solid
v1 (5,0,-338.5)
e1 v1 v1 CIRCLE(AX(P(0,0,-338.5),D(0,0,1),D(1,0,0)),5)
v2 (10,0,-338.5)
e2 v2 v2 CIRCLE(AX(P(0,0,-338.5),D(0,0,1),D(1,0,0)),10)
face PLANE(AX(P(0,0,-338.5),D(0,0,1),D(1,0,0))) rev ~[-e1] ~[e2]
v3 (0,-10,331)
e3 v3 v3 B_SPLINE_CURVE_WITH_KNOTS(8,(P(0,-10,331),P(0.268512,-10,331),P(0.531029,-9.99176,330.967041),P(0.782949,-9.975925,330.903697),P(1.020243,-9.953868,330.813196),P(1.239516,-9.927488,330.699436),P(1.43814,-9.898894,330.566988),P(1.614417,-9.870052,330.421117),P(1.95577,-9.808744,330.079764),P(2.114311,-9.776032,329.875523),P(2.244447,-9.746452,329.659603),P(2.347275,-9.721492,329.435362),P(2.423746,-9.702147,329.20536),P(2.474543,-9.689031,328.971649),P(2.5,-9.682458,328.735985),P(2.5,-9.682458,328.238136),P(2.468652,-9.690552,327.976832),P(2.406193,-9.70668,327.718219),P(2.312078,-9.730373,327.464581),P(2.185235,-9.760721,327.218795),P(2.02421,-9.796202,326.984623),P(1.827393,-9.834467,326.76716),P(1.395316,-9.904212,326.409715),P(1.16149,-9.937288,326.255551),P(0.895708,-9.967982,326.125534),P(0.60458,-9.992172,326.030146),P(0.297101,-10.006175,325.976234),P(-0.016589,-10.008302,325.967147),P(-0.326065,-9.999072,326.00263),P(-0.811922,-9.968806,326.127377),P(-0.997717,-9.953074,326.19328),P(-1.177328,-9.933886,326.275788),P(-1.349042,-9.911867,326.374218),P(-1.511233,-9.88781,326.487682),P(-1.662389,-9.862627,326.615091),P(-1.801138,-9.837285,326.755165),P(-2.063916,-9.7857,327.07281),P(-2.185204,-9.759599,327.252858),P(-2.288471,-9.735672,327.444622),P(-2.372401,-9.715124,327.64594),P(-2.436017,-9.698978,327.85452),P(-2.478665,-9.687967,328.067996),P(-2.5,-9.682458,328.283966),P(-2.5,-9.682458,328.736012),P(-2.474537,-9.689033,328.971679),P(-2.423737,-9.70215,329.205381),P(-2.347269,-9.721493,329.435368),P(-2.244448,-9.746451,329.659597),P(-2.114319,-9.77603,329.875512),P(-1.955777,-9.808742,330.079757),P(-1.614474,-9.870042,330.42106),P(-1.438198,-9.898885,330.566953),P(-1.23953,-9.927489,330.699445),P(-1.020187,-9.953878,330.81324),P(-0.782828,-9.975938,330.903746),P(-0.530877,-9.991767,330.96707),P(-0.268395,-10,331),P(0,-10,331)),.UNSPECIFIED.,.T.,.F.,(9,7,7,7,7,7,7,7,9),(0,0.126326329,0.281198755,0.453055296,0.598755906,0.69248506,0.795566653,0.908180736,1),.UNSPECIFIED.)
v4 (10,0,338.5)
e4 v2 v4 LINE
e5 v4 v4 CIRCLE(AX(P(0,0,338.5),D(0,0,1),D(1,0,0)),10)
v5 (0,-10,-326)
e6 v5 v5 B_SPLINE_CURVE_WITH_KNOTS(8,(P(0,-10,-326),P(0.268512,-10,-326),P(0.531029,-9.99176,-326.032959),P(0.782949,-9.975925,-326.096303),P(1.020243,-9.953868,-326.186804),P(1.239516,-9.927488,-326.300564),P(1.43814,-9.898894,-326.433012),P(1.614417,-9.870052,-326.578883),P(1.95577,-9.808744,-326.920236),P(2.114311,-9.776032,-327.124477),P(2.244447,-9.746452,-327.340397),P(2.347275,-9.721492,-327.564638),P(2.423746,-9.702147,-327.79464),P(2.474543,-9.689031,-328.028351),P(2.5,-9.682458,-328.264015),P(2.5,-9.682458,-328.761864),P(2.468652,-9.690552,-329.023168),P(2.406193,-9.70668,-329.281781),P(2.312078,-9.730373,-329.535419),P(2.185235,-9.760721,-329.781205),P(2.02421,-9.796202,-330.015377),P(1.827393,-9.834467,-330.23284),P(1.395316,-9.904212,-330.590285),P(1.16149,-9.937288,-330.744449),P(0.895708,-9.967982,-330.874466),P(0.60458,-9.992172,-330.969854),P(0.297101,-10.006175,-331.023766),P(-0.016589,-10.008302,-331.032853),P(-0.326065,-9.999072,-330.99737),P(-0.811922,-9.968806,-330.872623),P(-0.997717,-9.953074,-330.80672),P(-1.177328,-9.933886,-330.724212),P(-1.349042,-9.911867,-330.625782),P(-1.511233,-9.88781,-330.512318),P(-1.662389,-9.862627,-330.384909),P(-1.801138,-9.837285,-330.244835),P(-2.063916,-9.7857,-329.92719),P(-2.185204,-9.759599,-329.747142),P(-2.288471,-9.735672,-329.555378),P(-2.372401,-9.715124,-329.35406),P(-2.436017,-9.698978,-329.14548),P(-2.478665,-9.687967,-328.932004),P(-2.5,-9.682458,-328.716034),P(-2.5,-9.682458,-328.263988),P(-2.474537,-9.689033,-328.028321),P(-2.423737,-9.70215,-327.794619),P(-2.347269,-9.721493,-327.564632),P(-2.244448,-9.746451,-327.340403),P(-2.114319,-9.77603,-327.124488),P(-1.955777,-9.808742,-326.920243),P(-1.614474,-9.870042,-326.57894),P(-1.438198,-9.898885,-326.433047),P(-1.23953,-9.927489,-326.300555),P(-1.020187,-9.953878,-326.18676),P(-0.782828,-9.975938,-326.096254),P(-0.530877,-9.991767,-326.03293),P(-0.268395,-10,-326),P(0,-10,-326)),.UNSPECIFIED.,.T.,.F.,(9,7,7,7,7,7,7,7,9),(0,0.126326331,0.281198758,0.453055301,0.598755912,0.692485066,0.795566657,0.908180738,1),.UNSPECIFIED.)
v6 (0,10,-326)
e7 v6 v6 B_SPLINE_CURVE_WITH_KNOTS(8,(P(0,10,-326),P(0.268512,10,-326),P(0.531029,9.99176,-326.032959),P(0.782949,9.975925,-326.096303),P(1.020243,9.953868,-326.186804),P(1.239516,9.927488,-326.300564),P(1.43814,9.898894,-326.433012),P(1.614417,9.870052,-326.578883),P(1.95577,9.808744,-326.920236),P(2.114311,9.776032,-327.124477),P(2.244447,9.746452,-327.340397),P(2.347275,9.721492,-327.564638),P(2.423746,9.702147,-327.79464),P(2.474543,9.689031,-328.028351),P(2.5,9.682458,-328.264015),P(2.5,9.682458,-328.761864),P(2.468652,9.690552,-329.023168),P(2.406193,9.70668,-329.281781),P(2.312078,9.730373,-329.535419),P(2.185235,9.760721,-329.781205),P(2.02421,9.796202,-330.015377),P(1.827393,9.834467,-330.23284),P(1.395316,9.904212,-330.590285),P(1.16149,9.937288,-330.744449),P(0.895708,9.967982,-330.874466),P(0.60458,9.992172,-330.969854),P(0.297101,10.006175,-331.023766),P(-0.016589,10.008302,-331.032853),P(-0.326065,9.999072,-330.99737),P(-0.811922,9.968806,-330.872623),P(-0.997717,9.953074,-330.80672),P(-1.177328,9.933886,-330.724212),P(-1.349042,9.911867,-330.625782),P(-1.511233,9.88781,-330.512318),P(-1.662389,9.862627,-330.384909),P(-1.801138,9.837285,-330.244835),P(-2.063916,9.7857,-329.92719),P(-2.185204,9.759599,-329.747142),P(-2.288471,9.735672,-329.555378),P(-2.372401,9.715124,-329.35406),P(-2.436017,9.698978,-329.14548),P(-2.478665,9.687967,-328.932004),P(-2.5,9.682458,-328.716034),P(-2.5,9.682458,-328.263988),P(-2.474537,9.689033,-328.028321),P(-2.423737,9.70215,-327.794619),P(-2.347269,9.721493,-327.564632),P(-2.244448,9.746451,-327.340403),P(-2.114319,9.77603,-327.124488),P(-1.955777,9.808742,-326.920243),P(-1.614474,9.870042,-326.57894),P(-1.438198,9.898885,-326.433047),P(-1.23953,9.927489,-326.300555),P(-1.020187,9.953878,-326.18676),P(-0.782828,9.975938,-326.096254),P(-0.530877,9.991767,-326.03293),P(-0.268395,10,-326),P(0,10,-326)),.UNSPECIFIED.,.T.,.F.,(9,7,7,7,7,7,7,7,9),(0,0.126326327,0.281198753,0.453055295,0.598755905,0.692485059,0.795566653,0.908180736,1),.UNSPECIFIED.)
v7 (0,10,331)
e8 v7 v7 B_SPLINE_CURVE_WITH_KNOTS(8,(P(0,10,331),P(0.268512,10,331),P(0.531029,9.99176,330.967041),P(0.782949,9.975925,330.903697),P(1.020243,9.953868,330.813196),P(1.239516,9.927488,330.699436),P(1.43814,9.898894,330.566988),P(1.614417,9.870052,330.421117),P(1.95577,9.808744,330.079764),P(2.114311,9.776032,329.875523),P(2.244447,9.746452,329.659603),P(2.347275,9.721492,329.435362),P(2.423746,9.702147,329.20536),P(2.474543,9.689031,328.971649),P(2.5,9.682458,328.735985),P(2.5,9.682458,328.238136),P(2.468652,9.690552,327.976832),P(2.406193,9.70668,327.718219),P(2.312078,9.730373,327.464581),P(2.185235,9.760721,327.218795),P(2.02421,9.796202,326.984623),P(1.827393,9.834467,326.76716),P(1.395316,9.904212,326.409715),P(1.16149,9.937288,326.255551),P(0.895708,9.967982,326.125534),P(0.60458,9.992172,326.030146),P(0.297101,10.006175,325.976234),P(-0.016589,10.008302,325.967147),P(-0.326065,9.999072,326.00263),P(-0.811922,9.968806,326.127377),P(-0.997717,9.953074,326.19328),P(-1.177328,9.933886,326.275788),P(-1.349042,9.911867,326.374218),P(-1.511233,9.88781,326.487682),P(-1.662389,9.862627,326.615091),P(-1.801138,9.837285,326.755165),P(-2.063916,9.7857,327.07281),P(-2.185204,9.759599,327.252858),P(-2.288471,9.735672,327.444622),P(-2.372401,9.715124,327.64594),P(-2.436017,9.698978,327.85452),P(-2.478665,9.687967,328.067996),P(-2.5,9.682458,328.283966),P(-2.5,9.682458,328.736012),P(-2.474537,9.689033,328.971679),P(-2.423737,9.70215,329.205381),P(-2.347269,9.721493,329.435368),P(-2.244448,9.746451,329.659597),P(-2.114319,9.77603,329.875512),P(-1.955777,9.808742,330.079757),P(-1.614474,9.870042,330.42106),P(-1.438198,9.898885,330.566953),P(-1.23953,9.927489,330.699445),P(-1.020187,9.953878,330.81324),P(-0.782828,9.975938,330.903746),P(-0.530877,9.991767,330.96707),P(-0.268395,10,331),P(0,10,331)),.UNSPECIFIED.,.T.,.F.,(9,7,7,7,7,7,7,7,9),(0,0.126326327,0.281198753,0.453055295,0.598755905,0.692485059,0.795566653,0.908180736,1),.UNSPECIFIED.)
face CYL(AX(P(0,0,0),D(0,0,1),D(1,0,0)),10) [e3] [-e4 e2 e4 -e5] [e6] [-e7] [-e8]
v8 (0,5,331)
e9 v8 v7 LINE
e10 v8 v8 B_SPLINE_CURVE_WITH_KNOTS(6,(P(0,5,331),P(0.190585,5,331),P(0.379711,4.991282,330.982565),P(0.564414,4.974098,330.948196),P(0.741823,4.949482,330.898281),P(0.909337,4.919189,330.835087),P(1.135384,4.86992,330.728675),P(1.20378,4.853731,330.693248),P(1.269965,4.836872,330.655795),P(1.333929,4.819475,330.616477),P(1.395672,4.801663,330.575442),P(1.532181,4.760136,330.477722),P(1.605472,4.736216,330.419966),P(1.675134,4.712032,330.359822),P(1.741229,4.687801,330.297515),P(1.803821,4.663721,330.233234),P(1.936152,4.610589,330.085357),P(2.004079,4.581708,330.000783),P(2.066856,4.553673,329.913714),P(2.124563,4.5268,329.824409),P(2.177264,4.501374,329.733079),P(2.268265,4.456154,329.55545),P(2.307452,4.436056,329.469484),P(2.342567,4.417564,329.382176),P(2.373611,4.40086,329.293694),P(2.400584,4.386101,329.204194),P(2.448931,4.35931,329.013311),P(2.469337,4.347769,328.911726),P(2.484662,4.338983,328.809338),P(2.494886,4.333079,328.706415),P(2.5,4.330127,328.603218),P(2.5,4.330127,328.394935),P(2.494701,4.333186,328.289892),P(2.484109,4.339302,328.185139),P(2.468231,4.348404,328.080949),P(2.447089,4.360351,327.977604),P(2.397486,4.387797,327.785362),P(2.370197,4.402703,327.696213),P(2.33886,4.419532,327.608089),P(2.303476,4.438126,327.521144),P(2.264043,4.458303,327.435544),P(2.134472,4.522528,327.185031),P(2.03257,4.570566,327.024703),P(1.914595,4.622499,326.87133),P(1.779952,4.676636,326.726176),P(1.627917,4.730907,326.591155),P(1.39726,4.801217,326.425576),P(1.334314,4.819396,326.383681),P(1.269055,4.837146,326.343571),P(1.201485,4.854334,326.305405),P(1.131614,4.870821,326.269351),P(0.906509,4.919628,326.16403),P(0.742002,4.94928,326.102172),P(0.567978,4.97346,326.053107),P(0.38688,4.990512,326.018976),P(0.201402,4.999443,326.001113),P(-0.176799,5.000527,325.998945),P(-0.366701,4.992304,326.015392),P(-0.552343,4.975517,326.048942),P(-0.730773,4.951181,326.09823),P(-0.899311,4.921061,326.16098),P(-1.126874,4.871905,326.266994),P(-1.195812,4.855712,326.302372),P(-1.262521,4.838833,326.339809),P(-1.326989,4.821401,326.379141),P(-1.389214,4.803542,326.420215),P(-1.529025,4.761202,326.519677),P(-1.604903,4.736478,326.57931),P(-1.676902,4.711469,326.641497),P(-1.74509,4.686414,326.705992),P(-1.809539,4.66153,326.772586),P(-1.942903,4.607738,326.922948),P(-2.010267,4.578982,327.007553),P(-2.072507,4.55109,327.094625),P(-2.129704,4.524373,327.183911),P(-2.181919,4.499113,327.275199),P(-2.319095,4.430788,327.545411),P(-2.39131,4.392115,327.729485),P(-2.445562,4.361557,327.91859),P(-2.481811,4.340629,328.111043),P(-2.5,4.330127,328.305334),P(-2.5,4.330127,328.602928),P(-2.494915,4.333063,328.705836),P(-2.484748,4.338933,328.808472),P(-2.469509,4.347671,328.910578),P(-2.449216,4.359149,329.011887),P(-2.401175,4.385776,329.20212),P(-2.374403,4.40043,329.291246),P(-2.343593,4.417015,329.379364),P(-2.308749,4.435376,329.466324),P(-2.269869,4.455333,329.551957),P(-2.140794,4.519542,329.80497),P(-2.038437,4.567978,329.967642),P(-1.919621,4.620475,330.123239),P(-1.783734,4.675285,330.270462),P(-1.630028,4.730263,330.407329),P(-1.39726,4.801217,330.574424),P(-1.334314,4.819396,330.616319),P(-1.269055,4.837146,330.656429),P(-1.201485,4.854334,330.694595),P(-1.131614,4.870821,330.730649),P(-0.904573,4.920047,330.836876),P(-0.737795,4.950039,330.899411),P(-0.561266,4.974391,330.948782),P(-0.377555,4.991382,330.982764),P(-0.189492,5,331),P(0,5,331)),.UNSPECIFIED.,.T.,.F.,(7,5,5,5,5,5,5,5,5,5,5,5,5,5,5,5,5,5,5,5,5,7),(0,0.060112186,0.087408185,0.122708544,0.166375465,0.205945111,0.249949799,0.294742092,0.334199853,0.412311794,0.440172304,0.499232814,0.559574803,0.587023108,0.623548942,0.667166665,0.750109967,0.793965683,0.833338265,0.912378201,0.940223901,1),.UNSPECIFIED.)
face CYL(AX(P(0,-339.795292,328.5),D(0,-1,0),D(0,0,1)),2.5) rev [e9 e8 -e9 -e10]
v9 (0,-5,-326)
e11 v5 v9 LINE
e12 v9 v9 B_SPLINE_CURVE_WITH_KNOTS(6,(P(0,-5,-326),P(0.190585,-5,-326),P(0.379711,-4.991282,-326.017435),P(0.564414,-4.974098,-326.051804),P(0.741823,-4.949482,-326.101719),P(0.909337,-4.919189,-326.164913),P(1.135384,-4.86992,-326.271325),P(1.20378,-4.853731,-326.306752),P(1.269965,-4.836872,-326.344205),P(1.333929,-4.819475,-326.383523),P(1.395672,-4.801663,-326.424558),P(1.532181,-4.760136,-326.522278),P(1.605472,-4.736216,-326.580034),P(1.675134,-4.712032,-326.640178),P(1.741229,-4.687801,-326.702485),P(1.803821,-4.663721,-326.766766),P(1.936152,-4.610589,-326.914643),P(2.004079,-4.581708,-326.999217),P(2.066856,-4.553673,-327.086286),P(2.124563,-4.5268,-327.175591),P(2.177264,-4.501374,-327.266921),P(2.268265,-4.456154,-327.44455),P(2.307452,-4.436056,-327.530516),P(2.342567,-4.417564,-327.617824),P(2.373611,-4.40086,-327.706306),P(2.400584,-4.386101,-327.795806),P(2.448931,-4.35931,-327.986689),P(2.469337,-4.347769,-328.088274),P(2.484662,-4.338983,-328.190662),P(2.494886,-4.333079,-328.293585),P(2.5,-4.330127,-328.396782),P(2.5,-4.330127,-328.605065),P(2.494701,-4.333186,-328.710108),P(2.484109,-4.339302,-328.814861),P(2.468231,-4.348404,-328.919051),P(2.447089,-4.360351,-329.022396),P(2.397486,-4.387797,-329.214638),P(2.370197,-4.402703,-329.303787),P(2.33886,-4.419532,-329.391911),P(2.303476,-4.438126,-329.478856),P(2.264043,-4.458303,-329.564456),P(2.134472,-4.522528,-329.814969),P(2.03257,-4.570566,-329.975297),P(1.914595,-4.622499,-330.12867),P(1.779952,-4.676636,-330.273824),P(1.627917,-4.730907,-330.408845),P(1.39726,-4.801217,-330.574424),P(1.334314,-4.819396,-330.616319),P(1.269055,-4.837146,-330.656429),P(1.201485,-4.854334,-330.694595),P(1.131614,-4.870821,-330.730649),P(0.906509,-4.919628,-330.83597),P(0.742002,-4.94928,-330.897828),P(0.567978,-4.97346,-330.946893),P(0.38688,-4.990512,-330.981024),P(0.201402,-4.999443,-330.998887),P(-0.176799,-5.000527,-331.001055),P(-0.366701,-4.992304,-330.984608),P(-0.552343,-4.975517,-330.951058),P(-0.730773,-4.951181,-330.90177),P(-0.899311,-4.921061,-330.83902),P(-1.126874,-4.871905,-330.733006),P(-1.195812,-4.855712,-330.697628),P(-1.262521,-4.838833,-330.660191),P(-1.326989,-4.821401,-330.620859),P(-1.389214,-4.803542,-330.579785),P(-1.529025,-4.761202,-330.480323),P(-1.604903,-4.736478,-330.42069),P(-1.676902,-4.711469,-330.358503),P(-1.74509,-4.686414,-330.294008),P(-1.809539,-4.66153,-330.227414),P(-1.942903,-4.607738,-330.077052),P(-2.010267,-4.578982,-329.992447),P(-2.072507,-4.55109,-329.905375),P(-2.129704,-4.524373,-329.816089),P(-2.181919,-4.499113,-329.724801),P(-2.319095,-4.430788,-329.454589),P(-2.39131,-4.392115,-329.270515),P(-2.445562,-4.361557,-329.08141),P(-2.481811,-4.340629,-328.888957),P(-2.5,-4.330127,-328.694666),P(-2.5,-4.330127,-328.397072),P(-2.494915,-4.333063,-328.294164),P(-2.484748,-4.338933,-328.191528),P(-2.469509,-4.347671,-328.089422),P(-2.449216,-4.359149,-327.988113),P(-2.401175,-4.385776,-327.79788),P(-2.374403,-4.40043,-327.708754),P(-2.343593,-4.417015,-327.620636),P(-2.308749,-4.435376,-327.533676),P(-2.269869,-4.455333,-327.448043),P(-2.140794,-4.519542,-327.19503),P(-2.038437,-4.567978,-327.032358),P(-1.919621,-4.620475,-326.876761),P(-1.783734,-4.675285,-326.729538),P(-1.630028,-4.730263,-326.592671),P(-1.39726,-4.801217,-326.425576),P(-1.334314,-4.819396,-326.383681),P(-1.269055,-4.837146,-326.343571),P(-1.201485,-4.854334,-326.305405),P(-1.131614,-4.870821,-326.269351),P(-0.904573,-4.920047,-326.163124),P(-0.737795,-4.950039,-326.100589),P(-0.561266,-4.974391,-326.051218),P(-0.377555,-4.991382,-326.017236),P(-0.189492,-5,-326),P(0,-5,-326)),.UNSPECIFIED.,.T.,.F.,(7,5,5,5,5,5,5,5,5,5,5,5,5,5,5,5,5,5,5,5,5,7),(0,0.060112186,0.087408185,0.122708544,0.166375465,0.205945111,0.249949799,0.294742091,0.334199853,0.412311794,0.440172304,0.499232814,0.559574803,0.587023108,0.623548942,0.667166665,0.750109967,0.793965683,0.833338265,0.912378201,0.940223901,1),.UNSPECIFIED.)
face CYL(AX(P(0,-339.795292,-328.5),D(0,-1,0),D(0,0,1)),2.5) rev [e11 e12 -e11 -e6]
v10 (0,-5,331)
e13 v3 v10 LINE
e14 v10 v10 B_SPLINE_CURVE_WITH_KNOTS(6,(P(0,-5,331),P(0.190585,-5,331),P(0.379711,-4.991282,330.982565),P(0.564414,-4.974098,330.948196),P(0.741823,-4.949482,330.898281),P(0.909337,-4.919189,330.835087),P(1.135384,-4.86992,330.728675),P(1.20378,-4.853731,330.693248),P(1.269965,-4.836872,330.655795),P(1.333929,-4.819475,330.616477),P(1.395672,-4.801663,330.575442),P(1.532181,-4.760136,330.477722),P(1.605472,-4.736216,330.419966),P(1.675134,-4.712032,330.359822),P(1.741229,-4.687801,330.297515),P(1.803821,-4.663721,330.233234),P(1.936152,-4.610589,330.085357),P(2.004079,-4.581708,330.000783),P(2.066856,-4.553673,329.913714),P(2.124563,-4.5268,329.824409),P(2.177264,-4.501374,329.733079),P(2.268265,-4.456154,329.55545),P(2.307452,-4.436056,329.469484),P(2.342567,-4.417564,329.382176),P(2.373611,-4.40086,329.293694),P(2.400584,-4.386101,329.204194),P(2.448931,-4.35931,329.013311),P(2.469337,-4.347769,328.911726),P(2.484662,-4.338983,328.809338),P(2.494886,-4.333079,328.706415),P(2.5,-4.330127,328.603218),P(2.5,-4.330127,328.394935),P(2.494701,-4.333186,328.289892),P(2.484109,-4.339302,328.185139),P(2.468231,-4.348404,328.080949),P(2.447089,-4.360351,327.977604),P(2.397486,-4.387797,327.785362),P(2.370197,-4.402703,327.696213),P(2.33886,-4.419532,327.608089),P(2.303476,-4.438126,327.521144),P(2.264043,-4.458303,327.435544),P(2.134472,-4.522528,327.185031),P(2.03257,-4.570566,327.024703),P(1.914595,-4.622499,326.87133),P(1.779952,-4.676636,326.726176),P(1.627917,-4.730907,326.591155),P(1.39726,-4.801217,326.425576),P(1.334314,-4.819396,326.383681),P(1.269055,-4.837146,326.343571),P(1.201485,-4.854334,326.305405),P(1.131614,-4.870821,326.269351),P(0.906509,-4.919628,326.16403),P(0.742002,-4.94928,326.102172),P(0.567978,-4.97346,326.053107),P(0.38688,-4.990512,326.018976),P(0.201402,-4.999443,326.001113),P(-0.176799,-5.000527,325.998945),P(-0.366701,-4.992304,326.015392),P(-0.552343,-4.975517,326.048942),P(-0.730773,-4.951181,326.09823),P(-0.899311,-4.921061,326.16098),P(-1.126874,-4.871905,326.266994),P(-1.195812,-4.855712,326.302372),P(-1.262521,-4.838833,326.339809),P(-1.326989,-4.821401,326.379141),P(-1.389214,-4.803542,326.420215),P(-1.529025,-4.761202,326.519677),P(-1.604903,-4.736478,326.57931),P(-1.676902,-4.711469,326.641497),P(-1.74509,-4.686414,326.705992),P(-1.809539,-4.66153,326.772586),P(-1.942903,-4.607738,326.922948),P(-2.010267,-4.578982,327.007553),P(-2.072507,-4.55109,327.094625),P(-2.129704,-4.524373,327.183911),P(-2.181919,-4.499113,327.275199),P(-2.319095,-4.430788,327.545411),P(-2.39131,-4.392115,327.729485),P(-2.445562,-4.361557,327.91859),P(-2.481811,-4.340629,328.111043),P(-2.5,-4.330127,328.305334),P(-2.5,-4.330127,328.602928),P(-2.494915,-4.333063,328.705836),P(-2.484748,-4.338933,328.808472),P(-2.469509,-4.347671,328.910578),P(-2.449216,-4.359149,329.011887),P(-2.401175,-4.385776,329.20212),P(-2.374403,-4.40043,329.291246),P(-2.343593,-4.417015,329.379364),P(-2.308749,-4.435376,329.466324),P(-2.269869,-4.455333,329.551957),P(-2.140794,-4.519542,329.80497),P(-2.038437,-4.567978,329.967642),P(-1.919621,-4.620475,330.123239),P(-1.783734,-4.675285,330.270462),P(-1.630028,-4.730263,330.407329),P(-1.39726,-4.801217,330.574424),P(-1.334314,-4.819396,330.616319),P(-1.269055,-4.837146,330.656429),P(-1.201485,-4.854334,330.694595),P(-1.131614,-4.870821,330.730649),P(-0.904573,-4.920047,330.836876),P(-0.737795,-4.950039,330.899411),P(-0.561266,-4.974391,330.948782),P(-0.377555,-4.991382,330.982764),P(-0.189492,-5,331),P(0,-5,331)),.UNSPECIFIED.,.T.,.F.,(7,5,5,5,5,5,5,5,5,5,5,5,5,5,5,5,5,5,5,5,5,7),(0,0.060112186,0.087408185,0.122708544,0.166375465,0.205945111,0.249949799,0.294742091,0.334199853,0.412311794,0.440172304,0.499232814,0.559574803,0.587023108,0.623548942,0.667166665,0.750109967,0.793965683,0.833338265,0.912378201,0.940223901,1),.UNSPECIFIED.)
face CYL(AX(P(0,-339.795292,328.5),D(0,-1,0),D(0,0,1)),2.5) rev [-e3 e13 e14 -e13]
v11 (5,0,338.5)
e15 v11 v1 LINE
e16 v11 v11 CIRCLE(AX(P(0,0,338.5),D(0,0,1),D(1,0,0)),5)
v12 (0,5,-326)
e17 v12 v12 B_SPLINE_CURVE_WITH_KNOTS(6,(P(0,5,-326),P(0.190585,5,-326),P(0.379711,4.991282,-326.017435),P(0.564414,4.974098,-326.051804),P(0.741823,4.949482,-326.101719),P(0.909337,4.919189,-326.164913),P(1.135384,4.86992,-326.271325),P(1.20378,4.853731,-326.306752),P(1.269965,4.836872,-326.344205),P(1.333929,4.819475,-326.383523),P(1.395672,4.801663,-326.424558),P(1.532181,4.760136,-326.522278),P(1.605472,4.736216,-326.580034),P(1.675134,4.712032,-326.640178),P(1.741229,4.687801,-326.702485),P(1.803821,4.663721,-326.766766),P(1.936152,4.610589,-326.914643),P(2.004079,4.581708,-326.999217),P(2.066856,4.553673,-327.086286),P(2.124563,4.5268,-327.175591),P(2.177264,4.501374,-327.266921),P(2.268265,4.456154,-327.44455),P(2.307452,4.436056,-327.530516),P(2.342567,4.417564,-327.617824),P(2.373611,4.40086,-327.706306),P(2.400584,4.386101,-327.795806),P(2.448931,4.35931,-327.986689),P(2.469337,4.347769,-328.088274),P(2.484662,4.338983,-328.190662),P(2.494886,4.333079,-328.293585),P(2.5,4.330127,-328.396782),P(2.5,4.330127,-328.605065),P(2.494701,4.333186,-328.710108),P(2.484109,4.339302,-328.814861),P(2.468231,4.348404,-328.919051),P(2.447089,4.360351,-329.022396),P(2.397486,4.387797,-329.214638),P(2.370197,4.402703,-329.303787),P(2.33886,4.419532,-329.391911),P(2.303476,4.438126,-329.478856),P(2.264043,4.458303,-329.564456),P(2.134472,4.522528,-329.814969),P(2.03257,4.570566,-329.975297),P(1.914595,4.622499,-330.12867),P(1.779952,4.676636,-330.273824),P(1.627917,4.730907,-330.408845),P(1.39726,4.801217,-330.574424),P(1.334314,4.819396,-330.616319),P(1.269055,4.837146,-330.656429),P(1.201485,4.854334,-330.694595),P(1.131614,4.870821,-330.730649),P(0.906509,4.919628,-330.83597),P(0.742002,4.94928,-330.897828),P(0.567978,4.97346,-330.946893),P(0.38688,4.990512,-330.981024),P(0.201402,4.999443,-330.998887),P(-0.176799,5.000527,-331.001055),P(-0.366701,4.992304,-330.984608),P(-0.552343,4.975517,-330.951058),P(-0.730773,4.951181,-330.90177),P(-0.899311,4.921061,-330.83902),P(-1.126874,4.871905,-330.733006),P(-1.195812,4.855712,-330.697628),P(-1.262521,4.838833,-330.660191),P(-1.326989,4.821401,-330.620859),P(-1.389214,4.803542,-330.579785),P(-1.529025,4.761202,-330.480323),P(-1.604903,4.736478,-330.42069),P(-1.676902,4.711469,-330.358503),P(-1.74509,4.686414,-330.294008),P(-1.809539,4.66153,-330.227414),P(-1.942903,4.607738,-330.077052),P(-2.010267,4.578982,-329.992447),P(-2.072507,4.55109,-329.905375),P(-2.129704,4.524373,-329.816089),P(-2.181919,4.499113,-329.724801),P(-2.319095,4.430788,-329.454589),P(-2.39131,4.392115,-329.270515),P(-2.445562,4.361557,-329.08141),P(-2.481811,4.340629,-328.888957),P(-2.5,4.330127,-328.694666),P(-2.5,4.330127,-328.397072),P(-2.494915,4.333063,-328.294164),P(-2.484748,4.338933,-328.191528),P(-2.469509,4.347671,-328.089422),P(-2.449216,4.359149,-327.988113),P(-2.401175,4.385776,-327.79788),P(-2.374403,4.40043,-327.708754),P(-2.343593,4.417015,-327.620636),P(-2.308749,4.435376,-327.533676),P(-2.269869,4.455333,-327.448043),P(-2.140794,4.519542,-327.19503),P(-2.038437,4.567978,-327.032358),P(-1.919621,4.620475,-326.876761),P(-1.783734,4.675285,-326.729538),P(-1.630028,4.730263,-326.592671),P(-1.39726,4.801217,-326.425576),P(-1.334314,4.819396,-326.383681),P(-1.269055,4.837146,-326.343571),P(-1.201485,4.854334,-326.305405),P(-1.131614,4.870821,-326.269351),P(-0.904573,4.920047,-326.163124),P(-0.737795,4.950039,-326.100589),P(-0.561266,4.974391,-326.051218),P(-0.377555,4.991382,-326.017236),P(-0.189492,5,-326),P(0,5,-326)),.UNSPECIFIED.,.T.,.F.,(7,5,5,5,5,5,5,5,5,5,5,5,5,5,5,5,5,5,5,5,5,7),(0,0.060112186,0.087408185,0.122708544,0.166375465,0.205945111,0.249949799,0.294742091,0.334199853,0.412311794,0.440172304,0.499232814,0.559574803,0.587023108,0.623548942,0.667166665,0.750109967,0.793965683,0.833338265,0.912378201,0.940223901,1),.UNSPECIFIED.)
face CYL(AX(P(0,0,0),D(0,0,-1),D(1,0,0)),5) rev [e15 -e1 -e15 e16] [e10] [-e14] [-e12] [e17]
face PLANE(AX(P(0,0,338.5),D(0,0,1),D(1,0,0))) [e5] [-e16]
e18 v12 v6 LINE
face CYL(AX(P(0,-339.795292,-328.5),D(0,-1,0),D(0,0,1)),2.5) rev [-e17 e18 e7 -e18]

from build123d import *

# Parameters (mm, degrees)
SKETCH1_R               = 10
SKETCH1_R_2             = 5
BOSS_EXTRUDE1_DEPTH     = 338.5
CUT_EXTRUDE1_DEPTH      = 339.795292175
CUT_EXTRUDE1_DEPTH_BACK = 339.795292175
SKETCH2_R               = 2.5


with BuildPart() as part:
    # Sketch1 → Boss-Extrude1 (new, symmetric)
    with BuildSketch(Plane.XY):
        Circle(SKETCH1_R)
        Circle(SKETCH1_R_2, mode=Mode.SUBTRACT)
    extrude(amount=BOSS_EXTRUDE1_DEPTH, both=True)

    # Sketch2 → Cut-Extrude1 (cut, two sides: drawn at the far end of the back side and taken through both)
    with BuildSketch(Plane(origin=(0, 0, 0), x_dir=(1, 0, 0), z_dir=(0, 1, 0)).offset(-CUT_EXTRUDE1_DEPTH_BACK)):
        with Locations(Location((0, -328.5, 0), (0, 0, 270))):
            Circle(SKETCH2_R)
        with Locations(Location((0, 328.5, 0), (0, 0, 270))):
            Circle(SKETCH2_R)
    extrude(amount=CUT_EXTRUDE1_DEPTH + CUT_EXTRUDE1_DEPTH_BACK, mode=Mode.SUBTRACT)


solid = part.part
